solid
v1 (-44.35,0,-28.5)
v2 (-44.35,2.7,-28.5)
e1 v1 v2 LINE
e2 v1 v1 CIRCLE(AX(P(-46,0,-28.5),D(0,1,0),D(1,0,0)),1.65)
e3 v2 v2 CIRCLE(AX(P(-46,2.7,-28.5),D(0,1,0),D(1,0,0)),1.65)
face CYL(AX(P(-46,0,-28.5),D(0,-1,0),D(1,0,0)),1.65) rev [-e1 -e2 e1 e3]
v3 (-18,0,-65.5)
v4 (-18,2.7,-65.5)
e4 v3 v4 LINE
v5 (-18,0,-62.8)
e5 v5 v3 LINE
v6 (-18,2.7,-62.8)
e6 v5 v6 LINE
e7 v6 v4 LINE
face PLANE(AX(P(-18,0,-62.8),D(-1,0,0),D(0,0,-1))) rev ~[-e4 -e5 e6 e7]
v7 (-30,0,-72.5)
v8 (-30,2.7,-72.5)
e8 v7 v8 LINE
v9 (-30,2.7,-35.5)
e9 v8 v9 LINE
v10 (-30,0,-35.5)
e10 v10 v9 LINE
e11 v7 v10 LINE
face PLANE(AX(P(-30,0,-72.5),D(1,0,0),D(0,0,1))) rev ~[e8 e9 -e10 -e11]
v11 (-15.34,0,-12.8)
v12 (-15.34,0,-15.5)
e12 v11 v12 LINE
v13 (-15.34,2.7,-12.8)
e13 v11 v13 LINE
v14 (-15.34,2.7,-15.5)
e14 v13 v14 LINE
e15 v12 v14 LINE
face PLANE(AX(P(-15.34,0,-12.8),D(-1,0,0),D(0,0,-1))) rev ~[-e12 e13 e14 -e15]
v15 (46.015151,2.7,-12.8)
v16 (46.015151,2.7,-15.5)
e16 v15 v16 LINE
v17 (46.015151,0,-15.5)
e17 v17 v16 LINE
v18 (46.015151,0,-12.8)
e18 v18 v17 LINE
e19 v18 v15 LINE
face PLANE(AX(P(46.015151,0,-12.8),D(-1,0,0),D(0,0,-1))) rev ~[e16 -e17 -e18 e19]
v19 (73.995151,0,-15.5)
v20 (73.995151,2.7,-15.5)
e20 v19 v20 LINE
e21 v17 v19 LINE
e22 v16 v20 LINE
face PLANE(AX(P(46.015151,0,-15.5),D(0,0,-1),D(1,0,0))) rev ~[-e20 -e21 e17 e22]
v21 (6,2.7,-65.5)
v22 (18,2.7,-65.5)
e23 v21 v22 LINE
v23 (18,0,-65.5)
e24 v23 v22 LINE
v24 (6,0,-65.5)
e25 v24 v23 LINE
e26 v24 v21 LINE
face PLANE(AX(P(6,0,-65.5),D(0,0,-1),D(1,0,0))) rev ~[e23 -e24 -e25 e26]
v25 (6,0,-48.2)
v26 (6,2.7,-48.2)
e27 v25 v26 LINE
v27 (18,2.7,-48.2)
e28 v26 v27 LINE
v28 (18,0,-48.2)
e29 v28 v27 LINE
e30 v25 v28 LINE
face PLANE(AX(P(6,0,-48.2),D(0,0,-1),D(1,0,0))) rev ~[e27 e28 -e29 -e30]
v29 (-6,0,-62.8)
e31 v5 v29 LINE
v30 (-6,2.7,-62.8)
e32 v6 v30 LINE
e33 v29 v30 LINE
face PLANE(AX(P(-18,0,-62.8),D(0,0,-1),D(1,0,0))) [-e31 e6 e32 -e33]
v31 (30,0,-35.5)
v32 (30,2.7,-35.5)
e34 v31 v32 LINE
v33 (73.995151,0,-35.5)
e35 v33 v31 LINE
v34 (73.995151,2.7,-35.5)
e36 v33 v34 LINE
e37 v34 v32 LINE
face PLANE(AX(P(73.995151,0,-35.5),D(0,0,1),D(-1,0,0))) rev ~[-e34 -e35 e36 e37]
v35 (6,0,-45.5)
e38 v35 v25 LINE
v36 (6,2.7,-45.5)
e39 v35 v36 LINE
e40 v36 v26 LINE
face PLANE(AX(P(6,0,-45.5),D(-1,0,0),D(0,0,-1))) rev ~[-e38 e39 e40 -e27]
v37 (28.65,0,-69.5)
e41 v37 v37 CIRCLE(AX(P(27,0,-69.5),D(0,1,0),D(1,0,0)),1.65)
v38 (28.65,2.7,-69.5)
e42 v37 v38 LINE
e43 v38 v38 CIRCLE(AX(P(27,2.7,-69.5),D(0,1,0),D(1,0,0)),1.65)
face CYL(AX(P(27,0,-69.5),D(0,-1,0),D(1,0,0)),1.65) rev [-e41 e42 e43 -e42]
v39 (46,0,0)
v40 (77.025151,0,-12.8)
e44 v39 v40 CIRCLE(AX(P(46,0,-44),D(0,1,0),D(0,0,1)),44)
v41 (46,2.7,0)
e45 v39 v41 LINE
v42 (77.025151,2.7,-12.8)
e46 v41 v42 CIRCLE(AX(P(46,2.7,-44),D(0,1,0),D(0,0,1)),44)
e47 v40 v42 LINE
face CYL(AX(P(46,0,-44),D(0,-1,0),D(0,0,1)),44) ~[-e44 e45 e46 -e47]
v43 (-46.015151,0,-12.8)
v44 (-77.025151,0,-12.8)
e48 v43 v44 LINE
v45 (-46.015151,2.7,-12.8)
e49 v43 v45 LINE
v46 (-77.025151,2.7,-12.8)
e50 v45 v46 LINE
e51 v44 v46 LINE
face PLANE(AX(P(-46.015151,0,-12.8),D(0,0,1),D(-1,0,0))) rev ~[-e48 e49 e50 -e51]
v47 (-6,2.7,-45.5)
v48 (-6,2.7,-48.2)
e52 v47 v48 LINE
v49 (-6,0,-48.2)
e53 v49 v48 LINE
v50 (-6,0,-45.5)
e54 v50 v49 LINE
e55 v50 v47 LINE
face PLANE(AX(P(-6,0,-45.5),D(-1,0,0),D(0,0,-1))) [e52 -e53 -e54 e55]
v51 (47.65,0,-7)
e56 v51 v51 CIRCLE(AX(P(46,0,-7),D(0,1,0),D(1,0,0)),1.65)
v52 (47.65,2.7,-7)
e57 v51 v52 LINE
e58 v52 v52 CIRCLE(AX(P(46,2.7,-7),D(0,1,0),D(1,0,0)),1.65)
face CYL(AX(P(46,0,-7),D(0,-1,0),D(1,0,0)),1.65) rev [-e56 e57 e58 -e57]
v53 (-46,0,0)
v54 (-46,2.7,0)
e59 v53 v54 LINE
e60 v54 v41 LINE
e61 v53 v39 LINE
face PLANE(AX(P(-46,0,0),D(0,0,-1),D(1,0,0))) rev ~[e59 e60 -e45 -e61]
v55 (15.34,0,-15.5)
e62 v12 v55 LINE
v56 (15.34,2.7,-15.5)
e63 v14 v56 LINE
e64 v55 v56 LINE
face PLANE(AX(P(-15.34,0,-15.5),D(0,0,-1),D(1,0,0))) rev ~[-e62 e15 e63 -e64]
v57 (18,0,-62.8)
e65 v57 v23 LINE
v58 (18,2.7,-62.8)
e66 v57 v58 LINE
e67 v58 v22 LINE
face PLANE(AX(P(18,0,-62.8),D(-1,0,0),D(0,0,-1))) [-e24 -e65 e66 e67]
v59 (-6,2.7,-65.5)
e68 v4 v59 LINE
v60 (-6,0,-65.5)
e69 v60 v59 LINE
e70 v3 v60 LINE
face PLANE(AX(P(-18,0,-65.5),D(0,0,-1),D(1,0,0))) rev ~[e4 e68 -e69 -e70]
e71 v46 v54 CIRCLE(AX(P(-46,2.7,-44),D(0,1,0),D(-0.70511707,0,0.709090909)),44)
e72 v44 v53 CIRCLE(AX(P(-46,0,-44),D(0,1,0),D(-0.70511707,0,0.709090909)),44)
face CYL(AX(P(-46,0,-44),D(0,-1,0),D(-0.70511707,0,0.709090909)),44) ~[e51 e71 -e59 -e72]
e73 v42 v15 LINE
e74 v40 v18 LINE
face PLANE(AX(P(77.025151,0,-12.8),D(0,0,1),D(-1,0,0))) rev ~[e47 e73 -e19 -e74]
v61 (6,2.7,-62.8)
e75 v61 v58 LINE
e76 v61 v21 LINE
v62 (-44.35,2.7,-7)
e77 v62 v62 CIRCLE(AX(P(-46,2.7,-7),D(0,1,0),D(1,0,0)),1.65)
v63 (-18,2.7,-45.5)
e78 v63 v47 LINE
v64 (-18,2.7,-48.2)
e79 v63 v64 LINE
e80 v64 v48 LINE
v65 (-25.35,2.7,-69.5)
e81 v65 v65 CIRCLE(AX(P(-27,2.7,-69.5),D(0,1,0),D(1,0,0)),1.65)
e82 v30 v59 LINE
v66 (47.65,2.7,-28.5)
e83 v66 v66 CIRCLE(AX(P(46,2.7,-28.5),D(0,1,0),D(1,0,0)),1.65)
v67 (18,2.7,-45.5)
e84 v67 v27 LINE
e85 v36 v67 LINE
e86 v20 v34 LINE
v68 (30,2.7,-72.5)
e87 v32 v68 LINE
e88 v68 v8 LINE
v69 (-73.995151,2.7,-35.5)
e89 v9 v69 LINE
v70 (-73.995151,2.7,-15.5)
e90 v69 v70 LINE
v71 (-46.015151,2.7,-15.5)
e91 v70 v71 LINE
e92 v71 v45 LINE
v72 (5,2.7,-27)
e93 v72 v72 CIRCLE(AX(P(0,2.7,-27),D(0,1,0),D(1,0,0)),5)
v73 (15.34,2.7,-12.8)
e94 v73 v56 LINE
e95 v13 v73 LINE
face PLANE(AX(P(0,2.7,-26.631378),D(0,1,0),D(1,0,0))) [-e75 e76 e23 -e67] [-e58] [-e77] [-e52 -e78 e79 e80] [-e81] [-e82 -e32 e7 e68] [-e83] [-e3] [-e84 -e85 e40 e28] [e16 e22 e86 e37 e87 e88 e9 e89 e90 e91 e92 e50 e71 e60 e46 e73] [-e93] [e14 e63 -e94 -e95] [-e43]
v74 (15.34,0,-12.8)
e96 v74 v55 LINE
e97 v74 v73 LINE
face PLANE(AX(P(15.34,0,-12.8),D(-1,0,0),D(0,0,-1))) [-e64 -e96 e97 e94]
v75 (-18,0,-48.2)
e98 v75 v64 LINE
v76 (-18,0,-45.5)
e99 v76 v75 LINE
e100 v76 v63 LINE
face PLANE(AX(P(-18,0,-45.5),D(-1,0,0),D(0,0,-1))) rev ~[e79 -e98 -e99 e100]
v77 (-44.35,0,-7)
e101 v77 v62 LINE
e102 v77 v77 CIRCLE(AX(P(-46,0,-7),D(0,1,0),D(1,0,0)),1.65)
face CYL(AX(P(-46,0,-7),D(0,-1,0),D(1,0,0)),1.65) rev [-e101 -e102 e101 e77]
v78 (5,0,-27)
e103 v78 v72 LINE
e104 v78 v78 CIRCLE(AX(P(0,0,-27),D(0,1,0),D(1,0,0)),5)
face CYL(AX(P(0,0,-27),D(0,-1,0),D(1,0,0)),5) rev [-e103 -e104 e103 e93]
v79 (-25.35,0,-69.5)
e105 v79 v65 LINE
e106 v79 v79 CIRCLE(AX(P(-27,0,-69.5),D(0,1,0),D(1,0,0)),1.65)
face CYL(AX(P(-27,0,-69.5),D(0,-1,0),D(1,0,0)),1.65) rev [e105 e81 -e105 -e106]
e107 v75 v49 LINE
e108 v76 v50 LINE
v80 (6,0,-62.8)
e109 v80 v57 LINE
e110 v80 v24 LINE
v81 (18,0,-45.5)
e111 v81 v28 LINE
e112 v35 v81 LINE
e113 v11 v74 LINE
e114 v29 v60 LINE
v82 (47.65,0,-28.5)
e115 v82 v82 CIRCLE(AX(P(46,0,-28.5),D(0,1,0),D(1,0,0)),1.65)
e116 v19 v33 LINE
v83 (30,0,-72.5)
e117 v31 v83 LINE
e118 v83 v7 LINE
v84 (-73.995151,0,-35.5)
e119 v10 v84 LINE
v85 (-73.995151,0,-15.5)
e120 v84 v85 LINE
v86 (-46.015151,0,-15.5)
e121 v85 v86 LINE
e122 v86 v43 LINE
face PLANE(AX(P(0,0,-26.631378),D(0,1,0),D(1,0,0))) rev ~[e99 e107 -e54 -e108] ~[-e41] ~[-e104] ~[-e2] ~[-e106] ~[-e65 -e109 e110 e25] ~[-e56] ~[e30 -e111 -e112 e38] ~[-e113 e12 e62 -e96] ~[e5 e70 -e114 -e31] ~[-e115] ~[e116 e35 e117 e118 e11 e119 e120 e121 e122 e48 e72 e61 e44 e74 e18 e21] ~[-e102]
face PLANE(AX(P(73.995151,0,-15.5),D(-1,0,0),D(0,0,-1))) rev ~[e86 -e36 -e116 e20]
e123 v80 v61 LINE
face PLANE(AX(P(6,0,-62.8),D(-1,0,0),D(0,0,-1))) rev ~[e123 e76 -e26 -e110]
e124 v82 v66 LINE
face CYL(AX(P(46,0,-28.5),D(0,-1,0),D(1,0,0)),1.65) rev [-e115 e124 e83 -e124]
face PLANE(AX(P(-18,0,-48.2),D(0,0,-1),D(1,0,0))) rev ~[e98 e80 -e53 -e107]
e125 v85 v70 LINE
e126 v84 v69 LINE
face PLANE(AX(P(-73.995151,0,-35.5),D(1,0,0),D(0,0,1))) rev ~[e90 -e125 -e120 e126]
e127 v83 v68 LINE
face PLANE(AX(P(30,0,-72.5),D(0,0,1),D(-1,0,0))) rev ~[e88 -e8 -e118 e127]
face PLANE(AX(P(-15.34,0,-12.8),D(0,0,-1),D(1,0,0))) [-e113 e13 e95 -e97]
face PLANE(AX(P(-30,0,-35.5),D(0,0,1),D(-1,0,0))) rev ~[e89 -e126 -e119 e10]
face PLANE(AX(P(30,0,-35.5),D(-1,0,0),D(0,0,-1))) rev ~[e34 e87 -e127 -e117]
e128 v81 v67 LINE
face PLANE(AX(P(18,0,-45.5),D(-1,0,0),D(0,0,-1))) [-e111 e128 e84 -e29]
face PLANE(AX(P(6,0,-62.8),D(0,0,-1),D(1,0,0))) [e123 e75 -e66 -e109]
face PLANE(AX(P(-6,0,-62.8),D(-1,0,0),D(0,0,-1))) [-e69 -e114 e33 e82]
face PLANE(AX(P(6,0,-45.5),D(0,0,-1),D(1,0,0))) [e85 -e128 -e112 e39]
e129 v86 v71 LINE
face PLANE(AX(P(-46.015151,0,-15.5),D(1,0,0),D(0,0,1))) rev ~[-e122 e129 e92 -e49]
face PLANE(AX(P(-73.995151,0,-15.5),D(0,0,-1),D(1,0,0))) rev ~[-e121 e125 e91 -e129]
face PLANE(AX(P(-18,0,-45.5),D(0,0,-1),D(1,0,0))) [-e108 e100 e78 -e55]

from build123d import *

# Parameters (mm, degrees)
SKETCH1_R           = 1.65
SKETCH1_R_2         = 5
SKETCH1_W           = 30.68
SKETCH1_H           = 2.7
SKETCH1_W_2         = 12
BOSS_EXTRUDE1_DEPTH = 2.7


with BuildPart() as part:
    # Sketch1 → Boss-Extrude1 (new body)
    with BuildSketch(Plane(origin=(0, 0, 0), x_dir=(1, 0, 0), z_dir=(0, 1, 0))):
        with BuildLine():
            Line((-46, 0), (46, 0))
            ThreePointArc((46, 0), (62.780941571, 3.32568378), (77.025151087, 12.8))
            Line((77.025151087, 12.8), (46.015151087, 12.8))
            Line((46.015151087, 12.8), (46.015151087, 15.5))
            Line((46.015151087, 15.5), (73.995151087, 15.5))
            Line((73.995151087, 15.5), (73.995151087, 35.5))
            Line((73.995151087, 35.5), (30, 35.5))
            Line((30, 35.5), (30, 70.5))
            Line((30, 70.5), (30, 72.5))
            Line((30, 72.5), (-30, 72.5))
            Line((-30, 72.5), (-30, 70.5))
            Line((-30, 70.5), (-30, 35.5))
            Line((-30, 35.5), (-73.995151087, 35.5))
            Line((-73.995151087, 35.5), (-73.995151087, 15.5))
            Line((-73.995151087, 15.5), (-46.015151087, 15.5))
            Line((-46.015151087, 15.5), (-46.015151087, 12.8))
            Line((-46.015151087, 12.8), (-77.025151087, 12.8))
            ThreePointArc((-77.025151087, 12.8), (-62.780941571, 3.32568378), (-46, 0))
        make_face()
        with Locations((46, 28.5)):
            Circle(SKETCH1_R, mode=Mode.SUBTRACT)
        with Locations((46, 7)):
            Circle(SKETCH1_R, mode=Mode.SUBTRACT)
        with Locations((-46, 7)):
            Circle(SKETCH1_R, mode=Mode.SUBTRACT)
        with Locations((-46, 28.5)):
            Circle(SKETCH1_R, mode=Mode.SUBTRACT)
        with Locations((-27, 69.5)):
            Circle(SKETCH1_R, mode=Mode.SUBTRACT)
        with Locations((27, 69.5)):
            Circle(SKETCH1_R, mode=Mode.SUBTRACT)
        with Locations((0, 27)):
            Circle(SKETCH1_R_2, mode=Mode.SUBTRACT)
        with Locations((0, 14.15)):
            Rectangle(SKETCH1_W, SKETCH1_H, mode=Mode.SUBTRACT)
        with Locations((12, 46.85)):
            Rectangle(SKETCH1_W_2, SKETCH1_H, mode=Mode.SUBTRACT)
        with Locations((-12, 64.15)):
            Rectangle(SKETCH1_W_2, SKETCH1_H, mode=Mode.SUBTRACT)
        with Locations((12, 64.15)):
            Rectangle(SKETCH1_W_2, SKETCH1_H, mode=Mode.SUBTRACT)
        with Locations((-12, 46.85)):
            Rectangle(SKETCH1_W_2, SKETCH1_H, mode=Mode.SUBTRACT)
    extrude(amount=BOSS_EXTRUDE1_DEPTH)


solid = part.part
